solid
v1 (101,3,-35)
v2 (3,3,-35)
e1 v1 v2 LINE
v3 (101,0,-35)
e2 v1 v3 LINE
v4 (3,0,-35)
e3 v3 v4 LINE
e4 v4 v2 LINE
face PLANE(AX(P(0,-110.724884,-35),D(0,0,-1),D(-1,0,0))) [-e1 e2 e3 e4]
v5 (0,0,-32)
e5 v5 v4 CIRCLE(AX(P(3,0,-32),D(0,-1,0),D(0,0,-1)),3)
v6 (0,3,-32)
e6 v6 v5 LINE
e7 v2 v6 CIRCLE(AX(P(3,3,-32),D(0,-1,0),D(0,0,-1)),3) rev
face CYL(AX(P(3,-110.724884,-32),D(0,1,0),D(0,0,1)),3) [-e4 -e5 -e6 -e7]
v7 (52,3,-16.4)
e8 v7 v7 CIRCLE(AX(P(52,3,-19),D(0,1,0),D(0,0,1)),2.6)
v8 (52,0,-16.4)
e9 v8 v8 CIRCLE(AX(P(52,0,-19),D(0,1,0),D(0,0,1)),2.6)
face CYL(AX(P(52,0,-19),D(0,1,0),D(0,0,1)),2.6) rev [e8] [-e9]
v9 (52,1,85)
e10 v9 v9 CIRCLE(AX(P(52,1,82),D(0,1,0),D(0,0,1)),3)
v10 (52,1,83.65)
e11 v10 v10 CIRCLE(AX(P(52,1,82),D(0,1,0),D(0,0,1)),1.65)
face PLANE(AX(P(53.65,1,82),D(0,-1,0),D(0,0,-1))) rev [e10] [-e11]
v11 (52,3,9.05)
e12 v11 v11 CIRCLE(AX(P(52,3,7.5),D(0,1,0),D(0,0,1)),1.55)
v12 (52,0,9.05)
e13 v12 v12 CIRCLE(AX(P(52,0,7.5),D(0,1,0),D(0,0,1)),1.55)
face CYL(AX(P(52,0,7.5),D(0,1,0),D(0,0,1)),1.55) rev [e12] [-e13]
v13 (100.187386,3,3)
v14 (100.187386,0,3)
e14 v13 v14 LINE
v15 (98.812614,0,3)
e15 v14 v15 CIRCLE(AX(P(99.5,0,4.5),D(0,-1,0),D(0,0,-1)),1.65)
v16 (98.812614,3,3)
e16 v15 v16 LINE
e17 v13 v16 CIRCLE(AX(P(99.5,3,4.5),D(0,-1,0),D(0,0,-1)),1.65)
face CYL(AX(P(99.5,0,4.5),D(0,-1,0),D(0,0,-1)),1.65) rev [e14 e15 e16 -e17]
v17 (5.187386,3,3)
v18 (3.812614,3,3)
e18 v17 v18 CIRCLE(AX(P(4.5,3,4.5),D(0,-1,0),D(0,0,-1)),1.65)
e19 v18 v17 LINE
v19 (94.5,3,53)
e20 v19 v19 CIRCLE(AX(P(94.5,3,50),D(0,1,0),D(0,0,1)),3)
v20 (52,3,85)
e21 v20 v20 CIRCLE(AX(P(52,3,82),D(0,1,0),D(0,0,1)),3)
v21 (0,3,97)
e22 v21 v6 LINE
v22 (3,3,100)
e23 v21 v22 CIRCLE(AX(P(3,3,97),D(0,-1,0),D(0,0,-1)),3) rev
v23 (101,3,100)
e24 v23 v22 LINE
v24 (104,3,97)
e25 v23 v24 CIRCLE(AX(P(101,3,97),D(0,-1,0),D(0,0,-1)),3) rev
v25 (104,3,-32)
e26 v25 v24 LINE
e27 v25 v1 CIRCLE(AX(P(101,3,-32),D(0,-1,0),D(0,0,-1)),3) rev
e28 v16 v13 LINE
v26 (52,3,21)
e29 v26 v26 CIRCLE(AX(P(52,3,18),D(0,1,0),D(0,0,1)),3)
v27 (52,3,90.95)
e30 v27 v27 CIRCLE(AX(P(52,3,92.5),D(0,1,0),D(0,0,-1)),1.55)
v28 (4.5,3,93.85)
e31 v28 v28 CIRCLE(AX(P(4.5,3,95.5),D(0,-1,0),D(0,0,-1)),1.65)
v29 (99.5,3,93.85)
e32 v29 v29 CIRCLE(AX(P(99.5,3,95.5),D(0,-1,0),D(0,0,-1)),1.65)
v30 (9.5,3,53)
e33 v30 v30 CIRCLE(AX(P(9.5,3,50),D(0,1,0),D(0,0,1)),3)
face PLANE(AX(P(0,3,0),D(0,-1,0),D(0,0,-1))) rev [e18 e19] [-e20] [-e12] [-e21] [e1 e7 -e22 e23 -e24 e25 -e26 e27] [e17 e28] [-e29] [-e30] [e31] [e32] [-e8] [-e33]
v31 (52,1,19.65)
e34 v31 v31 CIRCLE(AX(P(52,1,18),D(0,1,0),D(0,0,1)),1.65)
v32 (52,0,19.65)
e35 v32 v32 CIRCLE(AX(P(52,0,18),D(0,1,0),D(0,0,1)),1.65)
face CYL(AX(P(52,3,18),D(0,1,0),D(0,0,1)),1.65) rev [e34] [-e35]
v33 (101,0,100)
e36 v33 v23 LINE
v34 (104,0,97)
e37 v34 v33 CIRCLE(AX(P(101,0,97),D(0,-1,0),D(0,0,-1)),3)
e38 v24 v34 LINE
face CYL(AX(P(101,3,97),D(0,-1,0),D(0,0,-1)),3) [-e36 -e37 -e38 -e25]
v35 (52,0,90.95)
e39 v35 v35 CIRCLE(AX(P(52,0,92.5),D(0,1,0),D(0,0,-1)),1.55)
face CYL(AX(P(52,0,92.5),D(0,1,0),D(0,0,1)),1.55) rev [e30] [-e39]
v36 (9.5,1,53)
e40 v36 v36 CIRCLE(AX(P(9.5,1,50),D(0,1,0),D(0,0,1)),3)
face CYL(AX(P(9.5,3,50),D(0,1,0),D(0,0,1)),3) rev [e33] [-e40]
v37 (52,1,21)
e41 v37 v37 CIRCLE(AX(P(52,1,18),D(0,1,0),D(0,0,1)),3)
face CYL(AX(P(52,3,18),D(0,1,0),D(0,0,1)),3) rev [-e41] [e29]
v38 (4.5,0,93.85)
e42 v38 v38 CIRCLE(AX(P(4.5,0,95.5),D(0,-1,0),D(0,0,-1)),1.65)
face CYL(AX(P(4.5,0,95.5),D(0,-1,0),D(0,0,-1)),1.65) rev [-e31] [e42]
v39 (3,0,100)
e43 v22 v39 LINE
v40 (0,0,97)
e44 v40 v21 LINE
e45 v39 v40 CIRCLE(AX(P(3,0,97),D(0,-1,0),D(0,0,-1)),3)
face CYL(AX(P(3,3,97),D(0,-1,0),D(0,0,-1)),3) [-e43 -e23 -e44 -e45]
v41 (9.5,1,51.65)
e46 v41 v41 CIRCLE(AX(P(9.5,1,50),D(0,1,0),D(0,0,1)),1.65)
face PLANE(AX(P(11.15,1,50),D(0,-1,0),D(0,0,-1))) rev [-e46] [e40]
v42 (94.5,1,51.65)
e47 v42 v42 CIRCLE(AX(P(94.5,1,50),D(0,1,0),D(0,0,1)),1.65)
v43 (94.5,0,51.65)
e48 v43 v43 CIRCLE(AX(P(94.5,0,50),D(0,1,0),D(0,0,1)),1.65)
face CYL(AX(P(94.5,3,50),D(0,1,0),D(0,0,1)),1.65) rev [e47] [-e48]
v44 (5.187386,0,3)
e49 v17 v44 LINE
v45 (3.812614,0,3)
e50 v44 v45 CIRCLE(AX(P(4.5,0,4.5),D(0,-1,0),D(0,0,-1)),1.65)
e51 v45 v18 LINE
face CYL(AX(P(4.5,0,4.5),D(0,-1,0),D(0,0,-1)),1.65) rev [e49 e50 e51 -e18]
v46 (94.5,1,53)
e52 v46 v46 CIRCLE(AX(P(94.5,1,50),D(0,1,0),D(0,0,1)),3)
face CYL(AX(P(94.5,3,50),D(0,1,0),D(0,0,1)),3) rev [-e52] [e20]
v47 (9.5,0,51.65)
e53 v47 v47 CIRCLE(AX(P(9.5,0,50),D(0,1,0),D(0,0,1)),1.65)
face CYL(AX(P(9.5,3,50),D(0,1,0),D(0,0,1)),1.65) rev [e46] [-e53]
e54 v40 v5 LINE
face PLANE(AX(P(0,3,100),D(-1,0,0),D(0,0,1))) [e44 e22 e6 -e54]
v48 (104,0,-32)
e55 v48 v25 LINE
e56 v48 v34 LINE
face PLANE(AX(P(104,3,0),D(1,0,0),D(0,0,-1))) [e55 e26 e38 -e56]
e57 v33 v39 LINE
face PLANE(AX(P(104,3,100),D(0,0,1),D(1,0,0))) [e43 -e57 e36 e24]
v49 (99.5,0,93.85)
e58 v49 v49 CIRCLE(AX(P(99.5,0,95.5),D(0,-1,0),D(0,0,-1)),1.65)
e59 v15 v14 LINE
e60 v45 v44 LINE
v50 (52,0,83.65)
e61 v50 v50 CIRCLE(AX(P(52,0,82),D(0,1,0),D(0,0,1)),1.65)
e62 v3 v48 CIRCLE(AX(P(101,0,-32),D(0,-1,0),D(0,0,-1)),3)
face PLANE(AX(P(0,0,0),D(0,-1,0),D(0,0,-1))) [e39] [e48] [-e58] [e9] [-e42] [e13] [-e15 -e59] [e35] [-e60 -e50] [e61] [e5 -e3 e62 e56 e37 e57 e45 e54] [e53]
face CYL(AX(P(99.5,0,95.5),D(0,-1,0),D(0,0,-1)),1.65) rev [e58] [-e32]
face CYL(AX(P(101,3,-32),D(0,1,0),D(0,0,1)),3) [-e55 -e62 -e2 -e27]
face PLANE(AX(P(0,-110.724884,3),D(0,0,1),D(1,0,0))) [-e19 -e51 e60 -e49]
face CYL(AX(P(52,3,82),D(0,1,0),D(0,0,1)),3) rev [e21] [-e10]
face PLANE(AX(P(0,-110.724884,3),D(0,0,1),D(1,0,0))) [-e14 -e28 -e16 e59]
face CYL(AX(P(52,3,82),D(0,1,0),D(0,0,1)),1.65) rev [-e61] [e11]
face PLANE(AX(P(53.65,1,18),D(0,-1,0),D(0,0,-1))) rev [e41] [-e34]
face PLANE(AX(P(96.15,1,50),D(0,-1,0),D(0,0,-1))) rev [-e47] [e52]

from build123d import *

# Parameters (mm, degrees)
SKETCH_1_W                   = 104
SKETCH_1_H                   = 100
EXTRUDE_1_DEPTH              = 3
HOLE_WIZARD_3_3_3_3_1_D      = 3.3
HOLE_WIZARD_M3_1_D           = 3.3
HOLE_WIZARD_M3_1_CBORE_D     = 6
HOLE_WIZARD_M3_1_CBORE_DEPTH = 2
FILLET_1_R                   = 3
SKETCH_49_R                  = 1.55
CUT_EXTRUDE_44_DEPTH         = 145.308696897
SKETCH_50_W                  = 104
SKETCH_50_H                  = 38
EXTRUDE_2_DEPTH              = 3
SKETCH_51_R                  = 2.6
CUT_EXTRUDE_45_DEPTH         = 145.308696897
FILLET_2_R                   = 3


with BuildPart() as part:
    # 草图1 → 凸台-拉伸1 (new body)
    with BuildSketch(Plane.XZ):
        with Locations((52, 50)):
            Rectangle(SKETCH_1_W, SKETCH_1_H)
    extrude(amount=-EXTRUDE_1_DEPTH)

    # Ø3.3 (3.3) 直径孔1 (through all)
    with Locations(Plane(origin=(0, 0, 0), x_dir=(-1, 0, 0), z_dir=(0, -1, 0))):
        with Locations((-4.5, -4.5), (-99.5, -4.5), (-99.5, -95.5), (-4.5, -95.5)):
            Hole(HOLE_WIZARD_3_3_3_3_1_D / 2)

    # M3 六角头机械螺钉的柱形沉头孔1 (through all)
    with Locations(Plane(origin=(0, 3, 0), x_dir=(1, 0, 0), z_dir=(0, 1, 0))):
        with Locations((52, -18), (94.5, -50), (9.5, -50), (52, -82)):
            CounterBoreHole(HOLE_WIZARD_M3_1_D / 2, HOLE_WIZARD_M3_1_CBORE_D / 2, HOLE_WIZARD_M3_1_CBORE_DEPTH)

    # 圆角1
    fillet_1_edges = [part.edges().sort_by_distance(p)[0] for p in [
        (0, 1.5, 100),
        (104, 1.5, 100),
        (104, 1.5, 0),
        (0, 1.5, 0),
    ]]
    fillet(fillet_1_edges, radius=FILLET_1_R)

    # 草图49 → 切除-拉伸44 (cut, through all)
    with BuildSketch(Plane(origin=(0, 3, 0), x_dir=(1, 0, 0), z_dir=(0, 1, 0))):
        with Locations(Location((52, -7.5, 0), (0, 0, 270))):
            Circle(SKETCH_49_R)
        with Locations(Location((52, -92.5, 0), (0, 0, 90))):
            Circle(SKETCH_49_R)
    extrude(amount=-CUT_EXTRUDE_44_DEPTH, mode=Mode.SUBTRACT)

    # 草图50 → 凸台-拉伸2 (add)
    with BuildSketch(Plane(origin=(0, 3, 0), x_dir=(1, 0, 0), z_dir=(0, 1, 0))):
        with Locations((52, 16)):
            Rectangle(SKETCH_50_W, SKETCH_50_H)
    extrude(amount=-EXTRUDE_2_DEPTH)

    # 草图51 → 切除-拉伸45 (cut, through all)
    with BuildSketch(Plane(origin=(0, 3, 0), x_dir=(1, 0, 0), z_dir=(0, 1, 0))):
        with Locations(Location((52, 19, 0), (0, 0, 270))):
            Circle(SKETCH_51_R)
    extrude(amount=-CUT_EXTRUDE_45_DEPTH, mode=Mode.SUBTRACT)

    # 圆角2
    fillet_2_edges = [part.edges().sort_by_distance(p)[0] for p in [
        (104, 1.5, -35),
        (0, 1.5, -35),
    ]]
    fillet(fillet_2_edges, radius=FILLET_2_R)


solid = part.part
